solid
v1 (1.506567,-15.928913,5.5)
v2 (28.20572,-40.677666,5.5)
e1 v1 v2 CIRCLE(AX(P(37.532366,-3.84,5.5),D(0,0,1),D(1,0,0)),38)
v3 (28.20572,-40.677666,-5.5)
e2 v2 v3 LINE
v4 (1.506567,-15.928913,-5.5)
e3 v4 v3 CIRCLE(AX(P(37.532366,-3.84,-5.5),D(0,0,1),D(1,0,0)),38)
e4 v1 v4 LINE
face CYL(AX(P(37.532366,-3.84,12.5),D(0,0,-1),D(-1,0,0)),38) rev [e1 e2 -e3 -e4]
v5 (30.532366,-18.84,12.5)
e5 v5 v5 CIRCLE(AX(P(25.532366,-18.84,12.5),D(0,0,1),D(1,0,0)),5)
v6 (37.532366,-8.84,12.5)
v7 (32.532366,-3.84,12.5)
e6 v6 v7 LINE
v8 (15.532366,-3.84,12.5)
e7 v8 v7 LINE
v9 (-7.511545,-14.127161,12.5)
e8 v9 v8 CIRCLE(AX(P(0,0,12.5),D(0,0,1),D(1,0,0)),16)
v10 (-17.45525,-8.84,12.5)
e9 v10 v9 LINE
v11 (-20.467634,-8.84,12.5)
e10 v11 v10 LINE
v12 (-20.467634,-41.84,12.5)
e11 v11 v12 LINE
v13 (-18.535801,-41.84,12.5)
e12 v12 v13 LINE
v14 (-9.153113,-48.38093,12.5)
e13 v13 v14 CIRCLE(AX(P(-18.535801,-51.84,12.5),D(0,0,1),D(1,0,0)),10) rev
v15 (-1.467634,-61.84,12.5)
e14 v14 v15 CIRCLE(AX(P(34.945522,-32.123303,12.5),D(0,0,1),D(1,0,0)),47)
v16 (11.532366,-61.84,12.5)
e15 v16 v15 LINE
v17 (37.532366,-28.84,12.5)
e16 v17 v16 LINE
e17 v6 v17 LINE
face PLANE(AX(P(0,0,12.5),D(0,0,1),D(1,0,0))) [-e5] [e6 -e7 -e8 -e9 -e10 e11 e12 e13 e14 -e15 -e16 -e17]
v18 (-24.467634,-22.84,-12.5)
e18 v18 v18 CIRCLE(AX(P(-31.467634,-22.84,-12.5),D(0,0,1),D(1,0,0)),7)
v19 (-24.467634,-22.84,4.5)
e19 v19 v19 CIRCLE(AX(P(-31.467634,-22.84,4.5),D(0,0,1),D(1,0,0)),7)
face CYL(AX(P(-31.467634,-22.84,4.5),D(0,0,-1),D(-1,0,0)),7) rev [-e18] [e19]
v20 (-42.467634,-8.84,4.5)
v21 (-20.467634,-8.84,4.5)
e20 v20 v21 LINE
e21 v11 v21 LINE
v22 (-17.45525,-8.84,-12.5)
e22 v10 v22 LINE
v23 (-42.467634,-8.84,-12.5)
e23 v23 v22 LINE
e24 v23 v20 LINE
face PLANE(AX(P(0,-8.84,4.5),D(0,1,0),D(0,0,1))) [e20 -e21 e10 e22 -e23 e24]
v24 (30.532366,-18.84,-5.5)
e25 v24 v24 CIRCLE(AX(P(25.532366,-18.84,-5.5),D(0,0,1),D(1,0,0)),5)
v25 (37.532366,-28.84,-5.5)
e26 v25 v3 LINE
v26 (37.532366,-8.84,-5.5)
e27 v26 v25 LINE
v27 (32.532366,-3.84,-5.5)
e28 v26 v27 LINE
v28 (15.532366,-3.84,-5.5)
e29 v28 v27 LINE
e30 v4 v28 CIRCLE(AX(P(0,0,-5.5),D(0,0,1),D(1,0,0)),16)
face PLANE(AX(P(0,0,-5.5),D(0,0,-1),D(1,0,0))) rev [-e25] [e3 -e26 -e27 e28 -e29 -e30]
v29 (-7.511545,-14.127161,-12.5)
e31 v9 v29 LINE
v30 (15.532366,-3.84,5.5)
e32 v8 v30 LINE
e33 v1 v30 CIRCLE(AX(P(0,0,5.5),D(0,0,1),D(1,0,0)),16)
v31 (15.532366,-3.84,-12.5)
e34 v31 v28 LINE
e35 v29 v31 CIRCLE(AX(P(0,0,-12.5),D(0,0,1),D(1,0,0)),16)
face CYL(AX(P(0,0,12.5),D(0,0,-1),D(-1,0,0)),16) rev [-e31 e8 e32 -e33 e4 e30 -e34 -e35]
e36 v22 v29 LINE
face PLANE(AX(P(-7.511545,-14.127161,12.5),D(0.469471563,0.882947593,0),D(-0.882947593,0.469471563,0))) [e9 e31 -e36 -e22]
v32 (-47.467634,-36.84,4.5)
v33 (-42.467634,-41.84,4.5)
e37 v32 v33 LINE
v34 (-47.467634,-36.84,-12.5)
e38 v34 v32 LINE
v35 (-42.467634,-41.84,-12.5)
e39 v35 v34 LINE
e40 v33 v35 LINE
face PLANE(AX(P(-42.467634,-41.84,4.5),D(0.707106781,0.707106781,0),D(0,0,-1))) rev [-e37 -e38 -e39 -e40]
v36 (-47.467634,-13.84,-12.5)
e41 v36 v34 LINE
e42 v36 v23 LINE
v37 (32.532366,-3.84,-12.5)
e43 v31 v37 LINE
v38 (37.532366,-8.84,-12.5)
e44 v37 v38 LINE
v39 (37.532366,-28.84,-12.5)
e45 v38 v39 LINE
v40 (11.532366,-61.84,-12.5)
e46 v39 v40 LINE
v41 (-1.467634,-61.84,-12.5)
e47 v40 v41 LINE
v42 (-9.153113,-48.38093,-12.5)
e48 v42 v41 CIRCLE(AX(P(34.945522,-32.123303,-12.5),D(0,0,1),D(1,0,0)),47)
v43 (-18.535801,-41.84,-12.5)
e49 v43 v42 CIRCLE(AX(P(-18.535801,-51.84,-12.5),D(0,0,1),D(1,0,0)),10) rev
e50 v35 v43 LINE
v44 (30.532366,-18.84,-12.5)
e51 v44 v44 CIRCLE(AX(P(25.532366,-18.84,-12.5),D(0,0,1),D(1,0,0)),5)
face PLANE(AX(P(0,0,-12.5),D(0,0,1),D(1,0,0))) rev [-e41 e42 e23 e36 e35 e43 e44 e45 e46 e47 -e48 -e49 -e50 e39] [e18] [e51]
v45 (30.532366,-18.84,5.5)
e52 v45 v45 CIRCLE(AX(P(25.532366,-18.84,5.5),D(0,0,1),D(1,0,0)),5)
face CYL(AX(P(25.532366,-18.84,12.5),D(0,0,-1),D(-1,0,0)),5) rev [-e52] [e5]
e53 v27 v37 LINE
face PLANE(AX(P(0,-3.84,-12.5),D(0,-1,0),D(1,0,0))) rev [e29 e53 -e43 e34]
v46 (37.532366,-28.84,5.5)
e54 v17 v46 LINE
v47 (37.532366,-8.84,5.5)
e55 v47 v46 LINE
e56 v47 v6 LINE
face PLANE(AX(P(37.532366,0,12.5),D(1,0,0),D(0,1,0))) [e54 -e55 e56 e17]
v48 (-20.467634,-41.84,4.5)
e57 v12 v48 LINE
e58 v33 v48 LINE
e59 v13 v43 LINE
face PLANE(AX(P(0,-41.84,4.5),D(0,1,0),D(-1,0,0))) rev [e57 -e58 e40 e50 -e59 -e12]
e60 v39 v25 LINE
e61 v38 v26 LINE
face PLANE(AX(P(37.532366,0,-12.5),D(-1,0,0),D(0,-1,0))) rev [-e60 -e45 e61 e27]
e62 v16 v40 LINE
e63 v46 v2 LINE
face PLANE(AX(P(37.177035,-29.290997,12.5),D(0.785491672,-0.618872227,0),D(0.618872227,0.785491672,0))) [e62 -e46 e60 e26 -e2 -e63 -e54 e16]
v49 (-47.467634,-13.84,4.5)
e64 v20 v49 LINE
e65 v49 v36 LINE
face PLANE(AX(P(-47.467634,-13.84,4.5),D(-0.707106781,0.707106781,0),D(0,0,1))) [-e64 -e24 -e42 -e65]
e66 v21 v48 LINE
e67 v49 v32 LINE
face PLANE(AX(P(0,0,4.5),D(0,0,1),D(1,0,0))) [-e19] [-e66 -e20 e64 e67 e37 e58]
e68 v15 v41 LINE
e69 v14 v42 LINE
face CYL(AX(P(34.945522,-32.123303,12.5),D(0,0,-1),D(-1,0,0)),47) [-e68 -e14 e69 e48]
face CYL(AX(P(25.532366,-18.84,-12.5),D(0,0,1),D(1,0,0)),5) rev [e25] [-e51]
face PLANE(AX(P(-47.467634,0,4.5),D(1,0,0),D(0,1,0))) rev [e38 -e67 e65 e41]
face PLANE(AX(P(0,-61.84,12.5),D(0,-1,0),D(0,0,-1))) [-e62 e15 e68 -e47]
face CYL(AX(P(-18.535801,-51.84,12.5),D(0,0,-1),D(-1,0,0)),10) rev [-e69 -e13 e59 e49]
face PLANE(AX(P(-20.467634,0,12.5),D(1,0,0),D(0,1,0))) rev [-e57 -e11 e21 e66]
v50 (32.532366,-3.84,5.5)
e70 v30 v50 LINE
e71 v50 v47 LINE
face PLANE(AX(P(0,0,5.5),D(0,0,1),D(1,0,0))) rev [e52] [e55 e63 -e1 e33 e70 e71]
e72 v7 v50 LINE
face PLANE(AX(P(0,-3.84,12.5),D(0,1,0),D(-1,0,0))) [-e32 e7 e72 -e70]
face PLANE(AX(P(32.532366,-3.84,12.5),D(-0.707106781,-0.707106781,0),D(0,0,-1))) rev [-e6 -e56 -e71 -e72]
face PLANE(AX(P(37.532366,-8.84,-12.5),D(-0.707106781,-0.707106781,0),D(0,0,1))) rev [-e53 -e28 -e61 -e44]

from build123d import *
from build123d.topology import SkipClean

# Parameters (mm, degrees)
BOSS_EXTRUDE1_START = -12.5
SKETCH1_W           = 27
SKETCH1_H           = 33
SKETCH1_R           = 7
BOSS_EXTRUDE1_DEPTH = 17
BOSS_EXTRUDE3_DEPTH = 12.5
BOSS_EXTRUDE4_START = 12.5
SKETCH1_5_R         = 5
BOSS_EXTRUDE4_DEPTH = 7
CHAMFER1_SIZE       = 5


with BuildPart() as part:
    # Sketch1 → Boss-Extrude1 (new body)
    with BuildSketch(Plane.XY.offset(BOSS_EXTRUDE1_START)):
        with Locations((-33.967633793, -25.34)):
            Rectangle(SKETCH1_W, SKETCH1_H)
        with Locations((-31.467633793, -22.84)):
            Circle(SKETCH1_R, mode=Mode.SUBTRACT)
    extrude(amount=BOSS_EXTRUDE1_DEPTH)

    # Sketch1<4> → Boss-Extrude3 (add, symmetric)
    with BuildSketch(Plane.XY):
        with BuildLine():
            ThreePointArc((28.205719919, -40.677666444), (11.699513519, -31.708687123), (1.506567213, -15.928912557))
            ThreePointArc((1.506567213, -15.928912557), (-3.134727468, -15.689916625), (-7.511545005, -14.127161486))
            Line((-7.511545005, -14.127161486), (-17.455249537, -8.84))
            Line((-17.455249537, -8.84), (-20.467633793, -8.84))
            Line((-20.467633793, -8.84), (-20.467633793, -41.84))
            Line((-20.467633793, -41.84), (-18.535800645, -41.84))
            ThreePointArc((-18.535800645, -41.84), (-12.817002571, -43.63662578), (-9.153112508, -48.38093028))
            ThreePointArc((-9.153112508, -48.38093028), (-5.868981967, -55.429445297), (-1.467633793, -61.84))
            Line((-1.467633793, -61.84), (11.532366207, -61.84))
            Line((11.532366207, -61.84), (28.205719919, -40.677666444))
        make_face()
    extrude(amount=BOSS_EXTRUDE3_DEPTH, both=True)

    # Sketch1<5> → Boss-Extrude4 (add)
    with BuildSketch(Plane.XY.offset(BOSS_EXTRUDE4_START)):
        with BuildLine():
            Line((37.532366207, -3.84), (15.532366207, -3.84))
            ThreePointArc((15.532366207, -3.84), (10.445897028, -12.1195394), (1.506567213, -15.928912557))
            ThreePointArc((1.506567213, -15.928912557), (11.699513519, -31.708687123), (28.205719919, -40.677666444))
            Line((28.205719919, -40.677666444), (37.532366207, -28.84))
            Line((37.532366207, -28.84), (37.532366207, -3.84))
        make_face()
        with Locations((25.532366207, -18.84)):
            Circle(SKETCH1_5_R, mode=Mode.SUBTRACT)
    boss_extrude4 = extrude(amount=-BOSS_EXTRUDE4_DEPTH)

    # Mirror1: Boss-Extrude4 across plane
    with SkipClean():  # the faces are left unmerged after this step: merging them gives an invalid solid
        add(boss_extrude4.mirror(Plane.XY))

    # Chamfer1
    chamfer1_edges = [part.edges().sort_by_distance(p)[0] for p in [
        (-47.467633793, -41.84, -4),
        (-47.467633793, -8.84, -4),
        (37.532366207, -3.84, 9),
        (37.532366207, -3.84, -9),
    ]]
    chamfer(chamfer1_edges, length=CHAMFER1_SIZE)


solid = part.part
